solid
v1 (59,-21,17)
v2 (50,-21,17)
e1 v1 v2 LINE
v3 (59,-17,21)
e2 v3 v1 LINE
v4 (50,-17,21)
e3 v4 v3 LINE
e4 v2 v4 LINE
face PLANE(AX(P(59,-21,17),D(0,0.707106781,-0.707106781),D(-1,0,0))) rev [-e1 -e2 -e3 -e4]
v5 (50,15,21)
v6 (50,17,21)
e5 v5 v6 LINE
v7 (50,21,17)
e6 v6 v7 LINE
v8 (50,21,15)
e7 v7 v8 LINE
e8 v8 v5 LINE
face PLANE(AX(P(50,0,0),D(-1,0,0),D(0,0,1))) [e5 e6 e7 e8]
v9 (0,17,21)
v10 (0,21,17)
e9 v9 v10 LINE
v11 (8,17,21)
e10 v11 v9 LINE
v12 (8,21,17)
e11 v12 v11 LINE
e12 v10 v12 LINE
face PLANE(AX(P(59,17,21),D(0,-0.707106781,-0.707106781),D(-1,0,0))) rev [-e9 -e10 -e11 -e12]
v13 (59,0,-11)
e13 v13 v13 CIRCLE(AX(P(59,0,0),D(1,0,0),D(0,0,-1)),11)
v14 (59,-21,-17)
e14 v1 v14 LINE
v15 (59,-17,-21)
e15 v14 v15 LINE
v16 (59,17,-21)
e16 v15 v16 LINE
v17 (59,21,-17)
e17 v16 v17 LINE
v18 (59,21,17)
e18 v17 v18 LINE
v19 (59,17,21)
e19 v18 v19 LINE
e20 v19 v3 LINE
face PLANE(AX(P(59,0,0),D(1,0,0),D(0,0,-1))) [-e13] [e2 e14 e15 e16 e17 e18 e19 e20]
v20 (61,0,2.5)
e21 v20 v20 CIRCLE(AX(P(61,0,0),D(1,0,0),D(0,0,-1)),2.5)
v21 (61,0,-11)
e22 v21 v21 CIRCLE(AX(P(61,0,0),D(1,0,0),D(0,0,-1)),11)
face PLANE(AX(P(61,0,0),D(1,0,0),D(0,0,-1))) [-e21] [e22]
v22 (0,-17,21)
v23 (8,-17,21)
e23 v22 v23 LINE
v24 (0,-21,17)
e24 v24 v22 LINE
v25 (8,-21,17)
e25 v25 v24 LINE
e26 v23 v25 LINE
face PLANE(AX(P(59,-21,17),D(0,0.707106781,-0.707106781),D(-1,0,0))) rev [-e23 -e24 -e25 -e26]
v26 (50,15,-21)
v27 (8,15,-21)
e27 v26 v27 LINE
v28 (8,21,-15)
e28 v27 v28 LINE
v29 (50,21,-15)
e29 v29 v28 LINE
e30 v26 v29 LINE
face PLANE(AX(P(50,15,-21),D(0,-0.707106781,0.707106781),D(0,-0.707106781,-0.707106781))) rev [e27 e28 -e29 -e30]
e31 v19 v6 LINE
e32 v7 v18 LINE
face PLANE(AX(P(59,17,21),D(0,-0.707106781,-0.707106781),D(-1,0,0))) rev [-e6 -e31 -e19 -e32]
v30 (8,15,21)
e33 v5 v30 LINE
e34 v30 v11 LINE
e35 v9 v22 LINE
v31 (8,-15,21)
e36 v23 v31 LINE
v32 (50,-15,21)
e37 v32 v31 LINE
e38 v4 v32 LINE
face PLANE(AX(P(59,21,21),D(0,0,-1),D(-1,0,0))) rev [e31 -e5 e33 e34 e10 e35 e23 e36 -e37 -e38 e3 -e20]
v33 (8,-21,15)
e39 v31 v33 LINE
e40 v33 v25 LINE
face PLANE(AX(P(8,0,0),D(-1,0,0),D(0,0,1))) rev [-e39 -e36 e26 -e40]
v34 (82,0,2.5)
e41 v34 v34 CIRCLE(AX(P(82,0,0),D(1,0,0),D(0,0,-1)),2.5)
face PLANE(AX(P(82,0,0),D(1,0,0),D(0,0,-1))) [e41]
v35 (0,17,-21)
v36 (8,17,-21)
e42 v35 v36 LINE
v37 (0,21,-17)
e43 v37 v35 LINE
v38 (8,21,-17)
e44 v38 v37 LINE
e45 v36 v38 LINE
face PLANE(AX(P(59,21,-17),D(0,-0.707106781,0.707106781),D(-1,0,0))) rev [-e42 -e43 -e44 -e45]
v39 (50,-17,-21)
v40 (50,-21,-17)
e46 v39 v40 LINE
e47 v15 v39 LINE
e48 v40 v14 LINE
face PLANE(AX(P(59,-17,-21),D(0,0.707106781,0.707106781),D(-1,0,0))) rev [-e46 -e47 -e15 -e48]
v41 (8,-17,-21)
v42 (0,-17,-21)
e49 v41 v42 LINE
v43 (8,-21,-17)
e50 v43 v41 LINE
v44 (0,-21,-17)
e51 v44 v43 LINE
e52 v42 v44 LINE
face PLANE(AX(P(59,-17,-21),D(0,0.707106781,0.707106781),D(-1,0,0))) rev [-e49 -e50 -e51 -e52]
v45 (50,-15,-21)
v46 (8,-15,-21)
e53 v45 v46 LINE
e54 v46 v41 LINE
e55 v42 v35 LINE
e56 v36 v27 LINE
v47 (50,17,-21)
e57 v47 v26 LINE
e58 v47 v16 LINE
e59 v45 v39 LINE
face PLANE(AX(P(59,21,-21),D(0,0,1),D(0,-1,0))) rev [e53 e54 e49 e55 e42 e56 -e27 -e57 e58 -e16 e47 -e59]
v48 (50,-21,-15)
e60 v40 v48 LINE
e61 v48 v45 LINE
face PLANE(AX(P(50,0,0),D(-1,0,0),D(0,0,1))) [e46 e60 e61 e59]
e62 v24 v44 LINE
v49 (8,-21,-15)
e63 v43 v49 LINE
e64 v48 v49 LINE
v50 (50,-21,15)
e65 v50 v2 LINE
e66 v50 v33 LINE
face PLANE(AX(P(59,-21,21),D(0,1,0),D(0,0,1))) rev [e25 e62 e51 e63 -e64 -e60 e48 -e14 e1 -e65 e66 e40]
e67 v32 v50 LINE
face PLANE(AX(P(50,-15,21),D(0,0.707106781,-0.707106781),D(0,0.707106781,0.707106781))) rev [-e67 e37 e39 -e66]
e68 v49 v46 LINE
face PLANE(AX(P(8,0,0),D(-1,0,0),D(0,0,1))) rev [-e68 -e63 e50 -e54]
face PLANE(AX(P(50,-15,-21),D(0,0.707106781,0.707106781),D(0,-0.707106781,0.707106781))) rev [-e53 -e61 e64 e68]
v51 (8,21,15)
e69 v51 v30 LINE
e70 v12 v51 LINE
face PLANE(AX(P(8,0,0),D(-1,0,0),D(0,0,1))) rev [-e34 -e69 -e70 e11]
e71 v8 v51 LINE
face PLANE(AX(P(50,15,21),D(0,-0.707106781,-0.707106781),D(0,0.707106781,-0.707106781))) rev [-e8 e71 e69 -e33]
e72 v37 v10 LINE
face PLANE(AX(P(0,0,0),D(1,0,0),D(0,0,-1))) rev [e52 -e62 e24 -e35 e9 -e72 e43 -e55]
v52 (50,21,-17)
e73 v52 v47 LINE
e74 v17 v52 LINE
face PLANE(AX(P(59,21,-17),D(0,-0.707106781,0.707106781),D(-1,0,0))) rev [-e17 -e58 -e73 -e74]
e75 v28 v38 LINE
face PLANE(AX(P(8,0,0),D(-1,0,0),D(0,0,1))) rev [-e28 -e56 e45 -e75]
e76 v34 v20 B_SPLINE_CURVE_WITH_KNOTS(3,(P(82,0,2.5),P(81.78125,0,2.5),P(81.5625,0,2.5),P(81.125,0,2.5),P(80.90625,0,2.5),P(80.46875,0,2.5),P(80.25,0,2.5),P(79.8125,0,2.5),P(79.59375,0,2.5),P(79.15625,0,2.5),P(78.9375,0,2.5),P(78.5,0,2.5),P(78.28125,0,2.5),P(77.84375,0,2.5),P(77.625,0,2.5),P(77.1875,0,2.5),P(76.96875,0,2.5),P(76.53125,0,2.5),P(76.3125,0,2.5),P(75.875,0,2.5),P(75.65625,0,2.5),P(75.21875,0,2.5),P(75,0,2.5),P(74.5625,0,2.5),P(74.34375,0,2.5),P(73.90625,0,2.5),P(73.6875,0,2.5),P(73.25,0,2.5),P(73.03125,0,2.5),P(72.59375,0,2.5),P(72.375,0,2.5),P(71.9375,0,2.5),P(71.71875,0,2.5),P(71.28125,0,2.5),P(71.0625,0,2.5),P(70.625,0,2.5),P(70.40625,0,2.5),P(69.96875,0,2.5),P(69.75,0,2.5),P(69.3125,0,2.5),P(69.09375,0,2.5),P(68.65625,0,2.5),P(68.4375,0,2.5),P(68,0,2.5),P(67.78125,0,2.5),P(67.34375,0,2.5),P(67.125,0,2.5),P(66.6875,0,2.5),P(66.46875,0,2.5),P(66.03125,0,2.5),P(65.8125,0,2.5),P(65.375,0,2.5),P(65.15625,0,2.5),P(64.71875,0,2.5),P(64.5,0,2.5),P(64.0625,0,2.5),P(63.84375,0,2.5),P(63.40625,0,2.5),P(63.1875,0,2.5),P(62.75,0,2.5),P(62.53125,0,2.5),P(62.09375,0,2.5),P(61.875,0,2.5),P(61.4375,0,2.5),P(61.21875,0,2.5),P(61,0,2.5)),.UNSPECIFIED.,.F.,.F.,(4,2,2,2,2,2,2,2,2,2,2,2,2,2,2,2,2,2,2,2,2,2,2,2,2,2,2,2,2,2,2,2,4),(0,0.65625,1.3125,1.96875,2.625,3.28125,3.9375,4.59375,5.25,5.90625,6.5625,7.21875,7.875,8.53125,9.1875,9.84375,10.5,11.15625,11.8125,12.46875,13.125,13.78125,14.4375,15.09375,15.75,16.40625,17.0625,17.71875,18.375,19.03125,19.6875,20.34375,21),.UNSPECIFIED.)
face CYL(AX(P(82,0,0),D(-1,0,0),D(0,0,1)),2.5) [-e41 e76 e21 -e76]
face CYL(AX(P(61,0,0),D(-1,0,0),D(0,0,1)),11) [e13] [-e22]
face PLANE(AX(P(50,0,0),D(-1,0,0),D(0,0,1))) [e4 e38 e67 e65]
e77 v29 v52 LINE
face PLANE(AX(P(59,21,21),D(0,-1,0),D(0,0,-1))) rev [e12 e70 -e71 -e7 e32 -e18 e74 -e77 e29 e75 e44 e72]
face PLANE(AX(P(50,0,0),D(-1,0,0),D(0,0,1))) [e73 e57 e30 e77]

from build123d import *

# Parameters (mm, degrees)
SKETCH_1_W          = 42
SKETCH_1_H          = 42
EXTRUDE_1_DEPTH     = 59
SKETCH_2_R          = 11
EXTRUDE_2_DEPTH     = 2
SKETCH_3_R          = 2.5
EXTRUDE_3_DEPTH     = 21
CUT_EXTRUDE_START   = -8
CUT_EXTRUDE_1_DEPTH = 42
CHAMFER_1_SIZE      = 4


with BuildPart() as part:
    # 草图1 → 凸台-拉伸1 (new body)
    with BuildSketch(Plane(origin=(0, 0, 0), x_dir=(0, 0, -1), z_dir=(1, 0, 0))):
        Rectangle(SKETCH_1_W, SKETCH_1_H)
    extrude(amount=EXTRUDE_1_DEPTH)

    # 草图2 → 凸台-拉伸2 (add)
    with BuildSketch(Plane(origin=(59, 0, 0), x_dir=(0, 0, -1), z_dir=(1, 0, 0))):
        Circle(SKETCH_2_R)
    extrude(amount=EXTRUDE_2_DEPTH)

    # 草图3 → 凸台-拉伸3 (add)
    with BuildSketch(Plane(origin=(61, 0, 0), x_dir=(0, 0, -1), z_dir=(1, 0, 0))):
        with Locations(Location((0, 0, 0), (0, 0, 180))):
            Circle(SKETCH_3_R)
    extrude(amount=EXTRUDE_3_DEPTH)

    # 草图5 → 切除-拉伸1 (cut)
    with BuildSketch(Plane.ZY.offset(CUT_EXTRUDE_START)):
        Polygon((21, 15), (15, 21), (21, 21), align=None)
        Polygon((21, -21), (21, -15), (15, -21), align=None)
        Polygon((-21, 21), (-21, 15), (-15, 21), align=None)
        Polygon((-21, -15), (-15, -21), (-21, -21), align=None)
    extrude(amount=-CUT_EXTRUDE_1_DEPTH, mode=Mode.SUBTRACT)

    # 倒角1
    chamfer_1_edges = [part.edges().sort_by_distance(p)[0] for p in [
        (4, 21, 21),
        (4, 21, -21),
        (4, -21, -21),
        (4, -21, 21),
        (54.5, 21, 21),
        (54.5, 21, -21),
        (54.5, -21, -21),
        (54.5, -21, 21),
    ]]
    chamfer(chamfer_1_edges, length=CHAMFER_1_SIZE)


solid = part.part
